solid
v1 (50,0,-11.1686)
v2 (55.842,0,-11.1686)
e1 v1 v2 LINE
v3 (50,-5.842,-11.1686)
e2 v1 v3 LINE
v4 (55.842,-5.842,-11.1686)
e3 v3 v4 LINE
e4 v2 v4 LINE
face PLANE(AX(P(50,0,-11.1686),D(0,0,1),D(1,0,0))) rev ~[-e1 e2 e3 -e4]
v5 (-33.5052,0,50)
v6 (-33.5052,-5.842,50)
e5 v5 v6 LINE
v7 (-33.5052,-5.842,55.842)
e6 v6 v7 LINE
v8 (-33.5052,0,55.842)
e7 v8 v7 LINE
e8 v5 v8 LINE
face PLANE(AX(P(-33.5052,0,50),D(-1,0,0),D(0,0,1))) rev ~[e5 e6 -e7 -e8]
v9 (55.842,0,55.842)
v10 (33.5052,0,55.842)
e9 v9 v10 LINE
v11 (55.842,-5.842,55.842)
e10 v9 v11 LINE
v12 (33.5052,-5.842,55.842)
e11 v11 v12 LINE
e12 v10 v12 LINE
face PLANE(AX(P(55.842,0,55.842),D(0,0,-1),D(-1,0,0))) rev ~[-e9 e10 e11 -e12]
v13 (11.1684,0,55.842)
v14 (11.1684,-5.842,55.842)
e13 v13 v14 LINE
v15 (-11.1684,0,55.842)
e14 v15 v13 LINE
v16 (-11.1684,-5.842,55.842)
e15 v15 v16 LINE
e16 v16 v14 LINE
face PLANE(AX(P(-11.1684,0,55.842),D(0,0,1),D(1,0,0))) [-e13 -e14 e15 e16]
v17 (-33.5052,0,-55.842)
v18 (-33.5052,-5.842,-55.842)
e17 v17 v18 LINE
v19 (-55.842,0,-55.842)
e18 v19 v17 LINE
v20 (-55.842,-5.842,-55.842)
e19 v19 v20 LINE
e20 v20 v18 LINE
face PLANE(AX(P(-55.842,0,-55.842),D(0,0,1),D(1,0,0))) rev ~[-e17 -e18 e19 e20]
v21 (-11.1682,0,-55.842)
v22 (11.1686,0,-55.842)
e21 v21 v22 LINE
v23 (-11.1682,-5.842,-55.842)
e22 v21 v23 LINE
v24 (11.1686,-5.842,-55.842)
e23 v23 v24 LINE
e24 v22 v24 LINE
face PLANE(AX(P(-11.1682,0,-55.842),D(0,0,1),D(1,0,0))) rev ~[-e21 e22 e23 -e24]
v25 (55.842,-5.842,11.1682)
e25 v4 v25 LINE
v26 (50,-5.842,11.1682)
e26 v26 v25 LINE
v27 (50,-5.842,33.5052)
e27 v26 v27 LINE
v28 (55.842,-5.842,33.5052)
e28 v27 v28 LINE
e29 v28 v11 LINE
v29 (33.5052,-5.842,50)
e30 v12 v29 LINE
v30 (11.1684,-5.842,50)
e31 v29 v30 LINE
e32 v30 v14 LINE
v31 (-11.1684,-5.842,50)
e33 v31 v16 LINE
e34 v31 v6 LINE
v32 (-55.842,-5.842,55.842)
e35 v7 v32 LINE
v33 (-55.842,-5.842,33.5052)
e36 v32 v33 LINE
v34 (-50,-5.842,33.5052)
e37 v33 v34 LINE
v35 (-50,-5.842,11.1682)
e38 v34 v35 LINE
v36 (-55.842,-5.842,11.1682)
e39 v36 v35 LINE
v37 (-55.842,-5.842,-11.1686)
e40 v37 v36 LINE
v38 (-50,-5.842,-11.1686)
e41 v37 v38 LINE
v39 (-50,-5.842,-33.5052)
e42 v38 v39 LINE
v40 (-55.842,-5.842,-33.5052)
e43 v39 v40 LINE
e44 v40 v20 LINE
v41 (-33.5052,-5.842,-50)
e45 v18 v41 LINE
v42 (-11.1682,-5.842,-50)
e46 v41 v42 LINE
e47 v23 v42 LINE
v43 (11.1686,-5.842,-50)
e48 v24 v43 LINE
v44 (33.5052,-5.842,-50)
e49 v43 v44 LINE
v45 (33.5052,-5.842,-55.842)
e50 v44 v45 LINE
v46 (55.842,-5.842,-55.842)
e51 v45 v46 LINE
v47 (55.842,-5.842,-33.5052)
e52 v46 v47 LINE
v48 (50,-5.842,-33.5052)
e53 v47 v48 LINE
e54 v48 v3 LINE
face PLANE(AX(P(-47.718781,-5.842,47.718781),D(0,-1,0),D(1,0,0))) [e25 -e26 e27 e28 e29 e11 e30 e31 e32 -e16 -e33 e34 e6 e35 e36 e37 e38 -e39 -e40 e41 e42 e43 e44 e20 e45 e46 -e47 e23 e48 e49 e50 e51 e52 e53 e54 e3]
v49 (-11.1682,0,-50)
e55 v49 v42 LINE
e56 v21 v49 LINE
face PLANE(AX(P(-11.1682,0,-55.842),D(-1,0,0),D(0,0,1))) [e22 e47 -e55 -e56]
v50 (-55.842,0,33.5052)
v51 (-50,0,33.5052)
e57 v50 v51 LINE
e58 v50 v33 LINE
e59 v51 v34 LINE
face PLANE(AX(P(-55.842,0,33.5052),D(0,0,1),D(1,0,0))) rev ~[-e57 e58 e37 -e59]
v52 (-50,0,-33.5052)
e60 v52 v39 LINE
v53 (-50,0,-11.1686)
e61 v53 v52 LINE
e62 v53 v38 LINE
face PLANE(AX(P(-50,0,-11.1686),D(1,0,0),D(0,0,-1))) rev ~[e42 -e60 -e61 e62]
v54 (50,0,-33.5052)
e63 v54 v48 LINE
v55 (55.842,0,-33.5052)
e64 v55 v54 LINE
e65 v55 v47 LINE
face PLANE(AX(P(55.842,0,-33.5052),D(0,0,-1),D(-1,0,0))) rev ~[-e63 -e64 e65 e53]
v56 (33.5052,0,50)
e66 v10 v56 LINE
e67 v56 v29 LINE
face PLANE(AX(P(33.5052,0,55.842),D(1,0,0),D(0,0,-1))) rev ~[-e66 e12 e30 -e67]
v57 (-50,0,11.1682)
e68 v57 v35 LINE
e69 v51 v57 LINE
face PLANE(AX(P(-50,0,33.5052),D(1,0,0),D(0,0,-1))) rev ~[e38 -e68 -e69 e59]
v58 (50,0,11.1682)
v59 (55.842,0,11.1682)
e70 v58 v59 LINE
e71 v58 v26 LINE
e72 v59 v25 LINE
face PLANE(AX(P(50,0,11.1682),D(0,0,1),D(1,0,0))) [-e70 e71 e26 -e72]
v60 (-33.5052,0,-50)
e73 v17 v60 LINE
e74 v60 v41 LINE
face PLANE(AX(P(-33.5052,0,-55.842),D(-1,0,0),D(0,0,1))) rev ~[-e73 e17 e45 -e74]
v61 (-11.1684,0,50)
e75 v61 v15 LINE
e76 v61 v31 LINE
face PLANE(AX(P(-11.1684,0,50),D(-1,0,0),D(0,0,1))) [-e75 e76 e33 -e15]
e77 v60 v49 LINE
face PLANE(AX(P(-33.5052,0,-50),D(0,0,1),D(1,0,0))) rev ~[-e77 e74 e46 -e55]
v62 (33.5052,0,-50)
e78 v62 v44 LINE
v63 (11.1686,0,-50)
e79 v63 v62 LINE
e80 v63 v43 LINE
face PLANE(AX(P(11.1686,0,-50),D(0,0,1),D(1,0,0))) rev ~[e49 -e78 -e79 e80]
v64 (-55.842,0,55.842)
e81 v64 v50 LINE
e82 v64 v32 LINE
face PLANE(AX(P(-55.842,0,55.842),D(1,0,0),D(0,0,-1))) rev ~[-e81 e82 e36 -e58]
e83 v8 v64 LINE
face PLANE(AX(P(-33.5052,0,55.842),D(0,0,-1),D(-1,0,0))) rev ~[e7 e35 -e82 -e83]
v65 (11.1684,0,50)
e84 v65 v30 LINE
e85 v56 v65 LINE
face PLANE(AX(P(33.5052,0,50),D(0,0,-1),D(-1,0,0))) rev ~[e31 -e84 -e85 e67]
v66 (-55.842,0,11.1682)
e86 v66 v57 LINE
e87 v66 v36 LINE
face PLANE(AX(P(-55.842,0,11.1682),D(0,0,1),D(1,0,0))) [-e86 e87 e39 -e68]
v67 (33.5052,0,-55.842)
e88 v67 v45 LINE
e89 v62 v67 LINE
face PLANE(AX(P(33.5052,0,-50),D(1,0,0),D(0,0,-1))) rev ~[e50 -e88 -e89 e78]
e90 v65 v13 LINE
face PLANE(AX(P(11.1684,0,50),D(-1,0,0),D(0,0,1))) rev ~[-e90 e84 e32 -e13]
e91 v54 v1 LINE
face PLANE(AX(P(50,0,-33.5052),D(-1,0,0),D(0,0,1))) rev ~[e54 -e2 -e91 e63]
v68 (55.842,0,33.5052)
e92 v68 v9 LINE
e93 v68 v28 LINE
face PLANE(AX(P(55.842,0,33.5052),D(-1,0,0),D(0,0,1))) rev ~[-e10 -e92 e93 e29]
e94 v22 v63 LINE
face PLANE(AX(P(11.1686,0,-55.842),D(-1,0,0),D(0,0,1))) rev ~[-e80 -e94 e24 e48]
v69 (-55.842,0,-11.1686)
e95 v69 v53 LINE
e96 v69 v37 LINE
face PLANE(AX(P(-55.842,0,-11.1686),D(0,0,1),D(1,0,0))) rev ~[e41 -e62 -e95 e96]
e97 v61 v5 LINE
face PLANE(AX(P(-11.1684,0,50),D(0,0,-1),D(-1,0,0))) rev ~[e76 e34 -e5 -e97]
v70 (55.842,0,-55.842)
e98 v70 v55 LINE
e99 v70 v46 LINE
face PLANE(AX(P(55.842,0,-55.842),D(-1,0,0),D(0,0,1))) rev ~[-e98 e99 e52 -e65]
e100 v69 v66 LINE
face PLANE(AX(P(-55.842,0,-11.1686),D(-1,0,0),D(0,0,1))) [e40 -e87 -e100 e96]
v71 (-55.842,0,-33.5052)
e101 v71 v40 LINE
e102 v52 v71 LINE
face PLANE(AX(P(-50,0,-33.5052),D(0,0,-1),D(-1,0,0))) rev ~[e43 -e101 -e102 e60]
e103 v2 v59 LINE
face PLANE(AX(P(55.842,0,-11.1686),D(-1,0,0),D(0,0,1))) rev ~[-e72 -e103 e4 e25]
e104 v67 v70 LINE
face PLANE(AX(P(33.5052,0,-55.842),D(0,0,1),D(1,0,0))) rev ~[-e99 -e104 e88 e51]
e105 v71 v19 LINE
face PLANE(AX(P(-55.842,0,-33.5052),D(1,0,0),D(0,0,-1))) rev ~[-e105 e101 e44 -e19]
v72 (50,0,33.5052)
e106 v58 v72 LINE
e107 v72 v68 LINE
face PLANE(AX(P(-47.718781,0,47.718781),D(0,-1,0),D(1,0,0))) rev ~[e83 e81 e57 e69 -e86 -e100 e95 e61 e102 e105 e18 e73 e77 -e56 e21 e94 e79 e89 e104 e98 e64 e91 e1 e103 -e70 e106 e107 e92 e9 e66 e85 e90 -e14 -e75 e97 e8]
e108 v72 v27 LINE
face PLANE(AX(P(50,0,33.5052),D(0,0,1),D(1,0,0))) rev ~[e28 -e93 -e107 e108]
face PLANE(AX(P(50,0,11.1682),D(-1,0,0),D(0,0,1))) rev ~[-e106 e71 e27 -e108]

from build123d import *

# Parameters (mm, degrees)
F0_W     = 22.3368
F0_H     = 5.842
F0_W_2   = 5.842
F0_H_2   = 22.3368
F1_DEPTH = 5.842


with BuildPart() as f1:
    # F0 (on Front) → F1 (new body)
    with BuildSketch(Plane.XZ):
        Polygon((-50, 33.5052), (-50, 50), (-33.5052, 50), (-33.5052, 55.842), (-55.842, 55.842), (-55.842, 33.5052), align=None)
        Polygon((-33.5052, 50), (-50, 50), (-50, 33.5052), (-50, 11.1682), (-50, -11.1686), (-50, -33.5052), (-50, -50), (-33.5052, -50), (-11.1682, -50), (11.1686, -50), (33.5052, -50), (50, -50), (50, -33.5052), (50, -11.1686), (50, 11.1682), (50, 33.5052), (50, 50), (33.5052, 50), (11.1684, 50), (-11.1684, 50), align=None)
        with Locations((0, 52.921)):
            Rectangle(F0_W, F0_H)
        with Locations((-52.921, -0.0002)):
            Rectangle(F0_W_2, F0_H_2)
        Polygon((33.5052, 55.842), (33.5052, 50), (50, 50), (50, 33.5052), (55.842, 33.5052), (55.842, 55.842), align=None)
        Polygon((-50, -50), (-50, -33.5052), (-55.842, -33.5052), (-55.842, -55.842), (-33.5052, -55.842), (-33.5052, -50), align=None)
        with Locations((52.921, -0.0002)):
            Rectangle(F0_W_2, F0_H_2)
        with Locations((0.0002, -52.921)):
            Rectangle(F0_W, F0_H)
        Polygon((55.842, -33.5052), (50, -33.5052), (50, -50), (33.5052, -50), (33.5052, -55.842), (55.842, -55.842), align=None)
    extrude(amount=F1_DEPTH)


solid = f1.part
